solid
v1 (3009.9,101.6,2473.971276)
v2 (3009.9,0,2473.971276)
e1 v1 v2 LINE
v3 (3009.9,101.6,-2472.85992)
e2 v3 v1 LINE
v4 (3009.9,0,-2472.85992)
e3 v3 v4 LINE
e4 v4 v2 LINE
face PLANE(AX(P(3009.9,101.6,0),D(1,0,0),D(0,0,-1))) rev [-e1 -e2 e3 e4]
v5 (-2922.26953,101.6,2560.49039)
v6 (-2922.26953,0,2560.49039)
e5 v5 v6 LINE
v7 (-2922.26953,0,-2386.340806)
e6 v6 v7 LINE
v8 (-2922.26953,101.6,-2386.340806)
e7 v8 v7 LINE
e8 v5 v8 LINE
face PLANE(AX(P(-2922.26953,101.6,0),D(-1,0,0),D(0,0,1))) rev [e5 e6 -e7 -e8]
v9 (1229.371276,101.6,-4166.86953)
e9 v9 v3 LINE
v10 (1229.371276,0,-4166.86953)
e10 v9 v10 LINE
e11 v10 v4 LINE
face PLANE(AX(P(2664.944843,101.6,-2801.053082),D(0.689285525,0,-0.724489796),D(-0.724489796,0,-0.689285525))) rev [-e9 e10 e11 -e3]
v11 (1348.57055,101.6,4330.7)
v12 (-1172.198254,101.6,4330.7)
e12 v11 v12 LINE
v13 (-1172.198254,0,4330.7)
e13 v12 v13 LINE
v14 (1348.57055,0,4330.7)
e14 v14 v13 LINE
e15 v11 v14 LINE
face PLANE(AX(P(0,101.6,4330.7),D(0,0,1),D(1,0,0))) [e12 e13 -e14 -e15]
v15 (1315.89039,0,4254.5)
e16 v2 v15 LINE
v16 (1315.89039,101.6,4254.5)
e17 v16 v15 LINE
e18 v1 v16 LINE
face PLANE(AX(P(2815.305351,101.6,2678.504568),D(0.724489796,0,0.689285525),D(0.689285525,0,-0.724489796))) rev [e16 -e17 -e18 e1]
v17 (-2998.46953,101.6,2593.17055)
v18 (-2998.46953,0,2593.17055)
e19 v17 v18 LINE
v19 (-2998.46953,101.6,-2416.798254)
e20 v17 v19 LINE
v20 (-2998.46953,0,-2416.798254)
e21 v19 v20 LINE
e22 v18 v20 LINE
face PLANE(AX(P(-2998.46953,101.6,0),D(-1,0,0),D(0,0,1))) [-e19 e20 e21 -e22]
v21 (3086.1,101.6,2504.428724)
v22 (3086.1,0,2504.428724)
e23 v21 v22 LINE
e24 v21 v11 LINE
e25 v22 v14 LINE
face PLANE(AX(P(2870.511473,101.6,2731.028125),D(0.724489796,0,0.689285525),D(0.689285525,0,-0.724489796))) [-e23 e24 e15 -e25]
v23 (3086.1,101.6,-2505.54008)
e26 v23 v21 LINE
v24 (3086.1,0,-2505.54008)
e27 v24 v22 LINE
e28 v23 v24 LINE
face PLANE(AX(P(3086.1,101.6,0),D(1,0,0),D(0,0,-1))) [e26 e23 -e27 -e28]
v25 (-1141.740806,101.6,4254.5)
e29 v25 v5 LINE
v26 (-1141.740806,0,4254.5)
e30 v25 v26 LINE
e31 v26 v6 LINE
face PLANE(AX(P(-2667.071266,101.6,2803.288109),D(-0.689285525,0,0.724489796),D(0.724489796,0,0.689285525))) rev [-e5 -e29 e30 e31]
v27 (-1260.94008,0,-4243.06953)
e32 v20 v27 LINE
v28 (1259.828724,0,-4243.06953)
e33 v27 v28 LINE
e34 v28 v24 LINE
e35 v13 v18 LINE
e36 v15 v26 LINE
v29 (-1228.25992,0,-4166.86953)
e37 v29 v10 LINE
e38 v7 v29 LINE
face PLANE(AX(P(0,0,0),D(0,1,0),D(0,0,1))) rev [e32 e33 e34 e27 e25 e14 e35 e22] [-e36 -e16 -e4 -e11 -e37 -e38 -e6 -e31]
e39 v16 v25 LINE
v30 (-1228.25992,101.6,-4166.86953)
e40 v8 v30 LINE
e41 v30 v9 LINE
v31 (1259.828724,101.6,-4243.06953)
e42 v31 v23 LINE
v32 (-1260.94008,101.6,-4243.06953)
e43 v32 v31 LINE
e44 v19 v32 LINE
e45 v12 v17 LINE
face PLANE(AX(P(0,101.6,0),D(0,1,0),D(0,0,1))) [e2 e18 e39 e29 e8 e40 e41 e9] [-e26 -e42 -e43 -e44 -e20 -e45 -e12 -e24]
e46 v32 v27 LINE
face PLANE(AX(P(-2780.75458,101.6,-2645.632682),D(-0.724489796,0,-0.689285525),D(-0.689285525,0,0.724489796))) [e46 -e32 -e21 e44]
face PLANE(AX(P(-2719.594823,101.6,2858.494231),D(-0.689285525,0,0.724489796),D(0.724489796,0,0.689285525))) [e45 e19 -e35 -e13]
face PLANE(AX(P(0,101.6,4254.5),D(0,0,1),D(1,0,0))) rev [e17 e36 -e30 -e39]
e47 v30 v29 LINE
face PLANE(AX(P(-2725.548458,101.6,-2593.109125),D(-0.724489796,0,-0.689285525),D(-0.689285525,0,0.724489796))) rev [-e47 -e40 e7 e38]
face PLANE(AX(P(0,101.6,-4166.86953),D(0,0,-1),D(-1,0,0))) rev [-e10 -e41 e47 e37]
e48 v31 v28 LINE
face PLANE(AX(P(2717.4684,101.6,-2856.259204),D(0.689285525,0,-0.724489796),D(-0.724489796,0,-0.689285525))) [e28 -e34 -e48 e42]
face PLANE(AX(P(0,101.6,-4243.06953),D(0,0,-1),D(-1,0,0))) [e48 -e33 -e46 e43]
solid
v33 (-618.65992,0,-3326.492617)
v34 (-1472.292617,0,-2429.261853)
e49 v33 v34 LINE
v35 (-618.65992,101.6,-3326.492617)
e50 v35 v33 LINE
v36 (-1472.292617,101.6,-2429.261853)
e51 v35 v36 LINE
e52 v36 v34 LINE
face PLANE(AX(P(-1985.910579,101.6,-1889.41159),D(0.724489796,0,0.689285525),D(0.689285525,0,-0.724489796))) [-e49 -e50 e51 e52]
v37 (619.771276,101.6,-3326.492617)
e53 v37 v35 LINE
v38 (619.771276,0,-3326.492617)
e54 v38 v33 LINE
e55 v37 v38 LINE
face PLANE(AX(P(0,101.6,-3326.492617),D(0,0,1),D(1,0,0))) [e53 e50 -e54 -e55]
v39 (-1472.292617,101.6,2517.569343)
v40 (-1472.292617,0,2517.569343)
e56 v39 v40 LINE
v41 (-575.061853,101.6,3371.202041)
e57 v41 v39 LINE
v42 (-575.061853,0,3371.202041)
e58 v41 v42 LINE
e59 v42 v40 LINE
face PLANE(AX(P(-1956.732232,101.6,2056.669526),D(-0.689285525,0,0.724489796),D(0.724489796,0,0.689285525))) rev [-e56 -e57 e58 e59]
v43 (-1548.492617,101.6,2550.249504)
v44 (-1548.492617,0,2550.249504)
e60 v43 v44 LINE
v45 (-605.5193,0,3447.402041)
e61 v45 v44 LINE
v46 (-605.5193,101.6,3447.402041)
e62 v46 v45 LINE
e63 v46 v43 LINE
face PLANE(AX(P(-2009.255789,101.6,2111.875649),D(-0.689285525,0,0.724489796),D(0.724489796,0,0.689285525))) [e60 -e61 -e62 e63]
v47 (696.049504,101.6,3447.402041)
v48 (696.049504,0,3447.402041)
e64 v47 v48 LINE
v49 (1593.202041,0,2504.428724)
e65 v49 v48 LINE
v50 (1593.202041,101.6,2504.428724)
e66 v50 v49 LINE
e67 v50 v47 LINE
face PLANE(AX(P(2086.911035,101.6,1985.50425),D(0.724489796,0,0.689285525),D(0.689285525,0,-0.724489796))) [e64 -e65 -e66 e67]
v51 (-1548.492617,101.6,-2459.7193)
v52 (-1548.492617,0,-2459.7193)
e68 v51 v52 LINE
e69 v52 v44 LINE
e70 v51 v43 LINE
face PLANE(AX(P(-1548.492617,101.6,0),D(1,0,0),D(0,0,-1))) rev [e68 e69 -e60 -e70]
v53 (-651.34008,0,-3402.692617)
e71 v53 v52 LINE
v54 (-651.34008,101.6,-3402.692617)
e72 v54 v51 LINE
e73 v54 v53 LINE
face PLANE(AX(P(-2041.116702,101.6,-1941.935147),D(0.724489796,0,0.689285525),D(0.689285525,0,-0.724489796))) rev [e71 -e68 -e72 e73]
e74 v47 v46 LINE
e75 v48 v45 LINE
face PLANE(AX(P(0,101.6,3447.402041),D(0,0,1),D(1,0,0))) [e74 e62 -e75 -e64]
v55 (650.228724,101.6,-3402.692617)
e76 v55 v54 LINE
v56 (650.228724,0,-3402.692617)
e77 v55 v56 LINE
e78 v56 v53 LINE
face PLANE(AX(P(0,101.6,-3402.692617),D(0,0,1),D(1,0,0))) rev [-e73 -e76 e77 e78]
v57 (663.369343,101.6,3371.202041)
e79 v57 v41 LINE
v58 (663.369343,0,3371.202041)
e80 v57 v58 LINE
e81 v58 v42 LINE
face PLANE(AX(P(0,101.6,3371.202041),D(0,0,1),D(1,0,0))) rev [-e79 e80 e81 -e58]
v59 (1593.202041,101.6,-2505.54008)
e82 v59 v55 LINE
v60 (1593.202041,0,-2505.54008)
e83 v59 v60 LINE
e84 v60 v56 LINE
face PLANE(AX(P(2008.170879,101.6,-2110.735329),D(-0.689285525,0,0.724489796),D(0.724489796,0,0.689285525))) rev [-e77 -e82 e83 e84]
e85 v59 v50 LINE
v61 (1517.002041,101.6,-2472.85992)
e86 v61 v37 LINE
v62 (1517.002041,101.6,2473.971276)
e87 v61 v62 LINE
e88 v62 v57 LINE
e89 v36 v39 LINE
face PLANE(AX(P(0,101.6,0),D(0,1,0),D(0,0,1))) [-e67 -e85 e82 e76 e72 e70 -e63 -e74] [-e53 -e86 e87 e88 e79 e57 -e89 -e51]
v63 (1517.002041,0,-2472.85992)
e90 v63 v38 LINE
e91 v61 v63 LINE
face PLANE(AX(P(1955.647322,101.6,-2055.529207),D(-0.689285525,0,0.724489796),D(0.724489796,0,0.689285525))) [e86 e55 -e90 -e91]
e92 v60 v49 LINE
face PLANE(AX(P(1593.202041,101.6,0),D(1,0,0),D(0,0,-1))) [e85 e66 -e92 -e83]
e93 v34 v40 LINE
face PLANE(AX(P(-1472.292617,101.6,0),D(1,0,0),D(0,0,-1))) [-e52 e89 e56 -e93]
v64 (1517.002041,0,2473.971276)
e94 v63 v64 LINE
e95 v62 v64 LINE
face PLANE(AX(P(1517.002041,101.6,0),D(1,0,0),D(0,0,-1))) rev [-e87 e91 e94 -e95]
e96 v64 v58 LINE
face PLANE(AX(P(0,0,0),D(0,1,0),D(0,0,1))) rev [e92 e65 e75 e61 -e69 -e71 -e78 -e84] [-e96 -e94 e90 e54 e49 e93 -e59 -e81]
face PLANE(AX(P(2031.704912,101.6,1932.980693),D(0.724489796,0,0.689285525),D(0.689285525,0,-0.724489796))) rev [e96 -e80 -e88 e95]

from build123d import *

# Parameters (mm, degrees)
BOSS_EXTRUDE1_DEPTH   = 101.6
BOSS_EXTRUDE1_2_DEPTH = 101.6


with BuildPart() as part:
    # Sketch1 → Boss-Extrude1 (new body)
    with BuildSketch(Plane(origin=(0, 0, 0), x_dir=(1, 0, 0), z_dir=(0, 1, 0))):
        Polygon((-2998.469529978, -2593.170550375), (-2998.469529978, -87.630470022), (-2998.469529978, 2416.798253617), (-1260.940080353, 4243.069529978), (1259.828723639, 4243.069529978), (3086.1, 2505.540080353), (3086.1, 0), (3086.1, -2504.428723639), (1348.570550375, -4330.7), (-1172.198253617, -4330.7), align=None)
        Polygon((-1141.740806339, -4254.5), (-2922.269529978, -2560.49038967), (-2922.269529978, -87.630470022), (-2922.269529978, 2386.340806339), (-1228.259919647, 4166.869529978), (1229.371276361, 4166.869529978), (3009.9, 2472.859919647), (3009.9, 0), (3009.9, -2473.971276361), (1315.89038967, -4254.5), align=None, mode=Mode.SUBTRACT)
    extrude(amount=BOSS_EXTRUDE1_DEPTH)


with BuildPart() as body_2:
    # Sketch1 → Boss-Extrude1 2 (new body)
    with BuildSketch(Plane(origin=(0, 0, 0), x_dir=(1, 0, 0), z_dir=(0, 1, 0))):
        Polygon((-651.340080353, 3402.692617336), (-1548.492617336, 2459.719300158), (-1548.492617336, -44.709423481), (-1548.492617336, -2550.249503833), (-605.519300158, -3447.402040816), (696.049503833, -3447.402040816), (1593.202040816, -2504.428723639), (1593.202040816, 0), (1593.202040816, 2505.540080353), (650.228723639, 3402.692617336), align=None)
        Polygon((-1472.292617336, 2429.26185288), (-1472.292617336, -44.709423481), (-1472.292617336, -2517.569343128), (-575.06185288, -3371.202040816), (663.369343128, -3371.202040816), (1517.002040816, -2473.971276361), (1517.002040816, 0), (1517.002040816, 2472.859919647), (619.771276361, 3326.492617336), (-618.659919647, 3326.492617336), align=None, mode=Mode.SUBTRACT)
    extrude(amount=BOSS_EXTRUDE1_2_DEPTH)


solid = Compound([part.part, body_2.part])
